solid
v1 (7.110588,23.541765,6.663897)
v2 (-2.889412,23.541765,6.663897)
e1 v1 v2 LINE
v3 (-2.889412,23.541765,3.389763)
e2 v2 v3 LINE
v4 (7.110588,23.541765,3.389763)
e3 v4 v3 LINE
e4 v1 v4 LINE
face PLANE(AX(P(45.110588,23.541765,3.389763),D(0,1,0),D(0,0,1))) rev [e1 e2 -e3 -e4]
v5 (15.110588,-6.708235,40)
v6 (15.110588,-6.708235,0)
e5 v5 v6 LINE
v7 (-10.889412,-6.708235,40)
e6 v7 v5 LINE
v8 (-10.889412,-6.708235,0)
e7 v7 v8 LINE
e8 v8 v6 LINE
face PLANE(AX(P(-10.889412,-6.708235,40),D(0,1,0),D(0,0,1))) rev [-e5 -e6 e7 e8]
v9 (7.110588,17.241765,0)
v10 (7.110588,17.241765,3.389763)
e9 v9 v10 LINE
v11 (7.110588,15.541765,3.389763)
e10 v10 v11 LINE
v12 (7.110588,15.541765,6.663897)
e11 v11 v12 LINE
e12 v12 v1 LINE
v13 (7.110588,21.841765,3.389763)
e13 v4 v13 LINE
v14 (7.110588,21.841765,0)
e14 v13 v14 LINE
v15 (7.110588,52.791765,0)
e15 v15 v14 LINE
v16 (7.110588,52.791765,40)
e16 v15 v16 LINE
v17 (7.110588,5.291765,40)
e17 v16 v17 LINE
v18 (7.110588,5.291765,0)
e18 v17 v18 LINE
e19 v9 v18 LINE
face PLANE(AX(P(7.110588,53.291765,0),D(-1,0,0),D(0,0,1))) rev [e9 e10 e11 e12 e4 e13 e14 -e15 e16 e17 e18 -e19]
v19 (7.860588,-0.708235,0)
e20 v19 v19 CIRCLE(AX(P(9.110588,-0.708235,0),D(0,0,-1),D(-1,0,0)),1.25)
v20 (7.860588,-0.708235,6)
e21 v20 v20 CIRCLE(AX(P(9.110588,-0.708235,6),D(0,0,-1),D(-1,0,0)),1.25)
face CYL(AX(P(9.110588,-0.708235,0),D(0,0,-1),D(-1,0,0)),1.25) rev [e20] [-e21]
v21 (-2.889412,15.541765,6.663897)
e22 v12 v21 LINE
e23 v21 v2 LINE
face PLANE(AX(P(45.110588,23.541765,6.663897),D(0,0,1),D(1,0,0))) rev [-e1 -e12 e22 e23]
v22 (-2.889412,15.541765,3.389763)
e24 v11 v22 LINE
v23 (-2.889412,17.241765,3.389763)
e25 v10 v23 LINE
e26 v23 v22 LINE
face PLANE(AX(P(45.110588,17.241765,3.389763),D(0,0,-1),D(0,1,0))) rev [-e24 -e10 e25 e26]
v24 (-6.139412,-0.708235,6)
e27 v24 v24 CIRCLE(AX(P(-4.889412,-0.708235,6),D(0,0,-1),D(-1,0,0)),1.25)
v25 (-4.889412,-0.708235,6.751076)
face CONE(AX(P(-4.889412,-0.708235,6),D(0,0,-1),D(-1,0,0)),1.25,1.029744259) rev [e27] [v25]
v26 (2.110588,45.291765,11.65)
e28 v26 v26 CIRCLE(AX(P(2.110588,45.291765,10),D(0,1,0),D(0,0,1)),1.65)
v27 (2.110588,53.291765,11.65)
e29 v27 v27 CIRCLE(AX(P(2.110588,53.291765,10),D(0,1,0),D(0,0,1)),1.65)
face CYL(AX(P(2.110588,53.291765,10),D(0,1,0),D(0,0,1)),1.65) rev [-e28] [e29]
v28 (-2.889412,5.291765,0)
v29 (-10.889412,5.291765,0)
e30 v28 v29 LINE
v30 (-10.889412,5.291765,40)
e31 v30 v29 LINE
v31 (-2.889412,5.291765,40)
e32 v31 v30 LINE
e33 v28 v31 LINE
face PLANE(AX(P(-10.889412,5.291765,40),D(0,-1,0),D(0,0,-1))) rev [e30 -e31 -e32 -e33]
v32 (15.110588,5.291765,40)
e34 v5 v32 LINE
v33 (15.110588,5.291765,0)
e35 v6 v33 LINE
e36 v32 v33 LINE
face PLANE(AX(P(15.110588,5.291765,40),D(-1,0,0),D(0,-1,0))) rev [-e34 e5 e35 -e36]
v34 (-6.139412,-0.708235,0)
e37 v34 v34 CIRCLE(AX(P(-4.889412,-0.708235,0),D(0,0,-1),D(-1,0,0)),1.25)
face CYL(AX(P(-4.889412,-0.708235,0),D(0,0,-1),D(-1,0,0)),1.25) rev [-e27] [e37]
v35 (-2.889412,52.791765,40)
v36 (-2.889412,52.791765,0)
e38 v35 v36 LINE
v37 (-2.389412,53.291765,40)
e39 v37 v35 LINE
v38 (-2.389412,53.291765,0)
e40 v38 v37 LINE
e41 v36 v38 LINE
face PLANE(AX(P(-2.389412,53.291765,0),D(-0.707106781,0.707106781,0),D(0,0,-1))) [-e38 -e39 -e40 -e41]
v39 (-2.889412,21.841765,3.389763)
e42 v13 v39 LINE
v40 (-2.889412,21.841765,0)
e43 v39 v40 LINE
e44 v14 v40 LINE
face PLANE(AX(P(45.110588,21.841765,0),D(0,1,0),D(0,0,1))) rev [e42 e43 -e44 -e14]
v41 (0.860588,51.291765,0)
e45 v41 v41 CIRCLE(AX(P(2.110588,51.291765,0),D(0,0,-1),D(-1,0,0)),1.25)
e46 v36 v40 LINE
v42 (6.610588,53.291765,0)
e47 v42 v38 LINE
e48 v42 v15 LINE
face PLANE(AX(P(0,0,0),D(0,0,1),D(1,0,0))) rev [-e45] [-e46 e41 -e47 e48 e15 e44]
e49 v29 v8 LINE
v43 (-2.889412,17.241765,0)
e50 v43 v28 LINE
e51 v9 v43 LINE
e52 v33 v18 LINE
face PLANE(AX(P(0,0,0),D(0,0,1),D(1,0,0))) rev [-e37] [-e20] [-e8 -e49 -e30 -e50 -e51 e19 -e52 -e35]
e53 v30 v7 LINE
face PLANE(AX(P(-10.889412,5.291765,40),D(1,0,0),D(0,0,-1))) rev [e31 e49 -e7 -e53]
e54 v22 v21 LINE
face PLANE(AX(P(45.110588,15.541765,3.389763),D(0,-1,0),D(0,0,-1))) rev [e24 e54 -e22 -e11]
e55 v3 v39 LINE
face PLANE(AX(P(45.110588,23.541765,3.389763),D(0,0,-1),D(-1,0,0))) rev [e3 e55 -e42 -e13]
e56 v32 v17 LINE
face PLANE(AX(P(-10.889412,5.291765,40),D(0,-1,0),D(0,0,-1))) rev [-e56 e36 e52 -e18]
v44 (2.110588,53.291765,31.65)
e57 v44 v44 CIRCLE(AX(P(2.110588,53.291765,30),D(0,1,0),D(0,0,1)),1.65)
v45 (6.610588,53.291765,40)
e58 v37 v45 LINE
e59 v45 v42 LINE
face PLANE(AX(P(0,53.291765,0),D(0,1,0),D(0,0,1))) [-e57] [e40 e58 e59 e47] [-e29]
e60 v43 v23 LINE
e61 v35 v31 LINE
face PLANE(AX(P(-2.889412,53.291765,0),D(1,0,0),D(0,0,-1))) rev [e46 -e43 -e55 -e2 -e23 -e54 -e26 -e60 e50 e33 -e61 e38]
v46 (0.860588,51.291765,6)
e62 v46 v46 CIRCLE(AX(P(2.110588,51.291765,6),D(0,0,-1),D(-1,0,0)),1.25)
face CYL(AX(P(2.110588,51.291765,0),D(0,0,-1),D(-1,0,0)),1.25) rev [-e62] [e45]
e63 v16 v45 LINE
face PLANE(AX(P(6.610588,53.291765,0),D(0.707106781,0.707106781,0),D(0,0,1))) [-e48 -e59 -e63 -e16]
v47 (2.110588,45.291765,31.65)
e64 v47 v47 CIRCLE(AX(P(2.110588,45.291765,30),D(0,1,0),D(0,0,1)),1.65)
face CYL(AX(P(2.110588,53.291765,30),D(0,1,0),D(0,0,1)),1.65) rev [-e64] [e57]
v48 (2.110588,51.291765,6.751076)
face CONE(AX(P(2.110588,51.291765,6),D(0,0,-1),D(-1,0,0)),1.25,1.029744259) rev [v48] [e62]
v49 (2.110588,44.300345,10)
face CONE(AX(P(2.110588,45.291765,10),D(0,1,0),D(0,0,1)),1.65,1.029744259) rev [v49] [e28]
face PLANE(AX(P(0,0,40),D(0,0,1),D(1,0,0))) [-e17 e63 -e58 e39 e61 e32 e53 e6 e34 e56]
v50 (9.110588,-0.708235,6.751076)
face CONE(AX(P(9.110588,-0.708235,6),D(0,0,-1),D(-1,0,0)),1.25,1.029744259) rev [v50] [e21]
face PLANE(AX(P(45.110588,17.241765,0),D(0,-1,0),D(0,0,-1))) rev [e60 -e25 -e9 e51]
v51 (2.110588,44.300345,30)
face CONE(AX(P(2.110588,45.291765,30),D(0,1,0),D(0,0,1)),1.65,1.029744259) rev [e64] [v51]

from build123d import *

# Parameters (mm, degrees)
SKETCH1_W             = 26
SKETCH1_H             = 12
BOSS_EXTRUDE1_DEPTH   = 40
SKETCH2_W             = 10
SKETCH2_H             = 40
BOSS_EXTRUDE2_DEPTH   = 48
CUT_EXTRUDE1_DEPTH    = 48
M3_TAPPED_HOLE1_D     = 2.5
M3_TAPPED_HOLE1_DEPTH = 6
M3_TAPPED_HOLE1_TIP   = 0.751075774
M4_TAPPED_HOLE1_D     = 3.3
M4_TAPPED_HOLE1_DEPTH = 8
M4_TAPPED_HOLE1_TIP   = 0.991420021
CHAMFER1_SIZE         = 0.5


with BuildPart() as part:
    # Sketch1 → Boss-Extrude1 (new body)
    with BuildSketch(Plane.XY):
        with Locations((2.110588235, -0.708235294)):
            Rectangle(SKETCH1_W, SKETCH1_H)
    extrude(amount=BOSS_EXTRUDE1_DEPTH)

    # Sketch2 → Boss-Extrude2 (add)
    with BuildSketch(Plane(origin=(0, 5.291764706, 0), x_dir=(1, 0, 0), z_dir=(0, 1, 0))):
        with Locations((2.110588235, -20)):
            Rectangle(SKETCH2_W, SKETCH2_H)
    extrude(amount=BOSS_EXTRUDE2_DEPTH)

    # Sketch3 → Cut-Extrude1 (cut)
    with BuildSketch(Plane.ZY.offset(2.889411765)):
        Polygon((0, 21.841764706), (3.389763468, 21.841764706), (3.389763468, 23.541764706), (6.66389663, 23.541764706), (6.66389663, 15.541764706), (3.389763468, 15.541764706), (3.389763468, 17.241764706), (0, 17.241764706), align=None)
    extrude(amount=-CUT_EXTRUDE1_DEPTH, mode=Mode.SUBTRACT)

    # M3 Tapped Hole1
    with Locations(Plane(origin=(0, 0, 0), x_dir=(-1, 0, 0), z_dir=(0, 0, -1))):
        with Locations((-9.110588235, -0.708235294), (4.889411765, -0.708235294), (-2.110588235, 51.291764706)):
            Hole(M3_TAPPED_HOLE1_D / 2, depth=M3_TAPPED_HOLE1_DEPTH)
            with Locations((0, 0, -(M3_TAPPED_HOLE1_DEPTH + M3_TAPPED_HOLE1_TIP / 2))):  # 118° drill point
                Cone(0, M3_TAPPED_HOLE1_D / 2, M3_TAPPED_HOLE1_TIP, mode=Mode.SUBTRACT)

    # M4 Tapped Hole1
    with Locations(Plane(origin=(0, 53.291764706, 0), x_dir=(1, 0, 0), z_dir=(0, 1, 0))):
        with Locations((2.110588235, -10), (2.110588235, -30)):
            Hole(M4_TAPPED_HOLE1_D / 2, depth=M4_TAPPED_HOLE1_DEPTH)
            with Locations((0, 0, -(M4_TAPPED_HOLE1_DEPTH + M4_TAPPED_HOLE1_TIP / 2))):  # 118° drill point
                Cone(0, M4_TAPPED_HOLE1_D / 2, M4_TAPPED_HOLE1_TIP, mode=Mode.SUBTRACT)

    # Chamfer1
    chamfer1_edges = [part.edges().sort_by_distance(p)[0] for p in [
        (-2.889411765, 53.291764706, 20),
        (7.110588235, 53.291764706, 20),
    ]]
    chamfer(chamfer1_edges, length=CHAMFER1_SIZE)


solid = part.part
